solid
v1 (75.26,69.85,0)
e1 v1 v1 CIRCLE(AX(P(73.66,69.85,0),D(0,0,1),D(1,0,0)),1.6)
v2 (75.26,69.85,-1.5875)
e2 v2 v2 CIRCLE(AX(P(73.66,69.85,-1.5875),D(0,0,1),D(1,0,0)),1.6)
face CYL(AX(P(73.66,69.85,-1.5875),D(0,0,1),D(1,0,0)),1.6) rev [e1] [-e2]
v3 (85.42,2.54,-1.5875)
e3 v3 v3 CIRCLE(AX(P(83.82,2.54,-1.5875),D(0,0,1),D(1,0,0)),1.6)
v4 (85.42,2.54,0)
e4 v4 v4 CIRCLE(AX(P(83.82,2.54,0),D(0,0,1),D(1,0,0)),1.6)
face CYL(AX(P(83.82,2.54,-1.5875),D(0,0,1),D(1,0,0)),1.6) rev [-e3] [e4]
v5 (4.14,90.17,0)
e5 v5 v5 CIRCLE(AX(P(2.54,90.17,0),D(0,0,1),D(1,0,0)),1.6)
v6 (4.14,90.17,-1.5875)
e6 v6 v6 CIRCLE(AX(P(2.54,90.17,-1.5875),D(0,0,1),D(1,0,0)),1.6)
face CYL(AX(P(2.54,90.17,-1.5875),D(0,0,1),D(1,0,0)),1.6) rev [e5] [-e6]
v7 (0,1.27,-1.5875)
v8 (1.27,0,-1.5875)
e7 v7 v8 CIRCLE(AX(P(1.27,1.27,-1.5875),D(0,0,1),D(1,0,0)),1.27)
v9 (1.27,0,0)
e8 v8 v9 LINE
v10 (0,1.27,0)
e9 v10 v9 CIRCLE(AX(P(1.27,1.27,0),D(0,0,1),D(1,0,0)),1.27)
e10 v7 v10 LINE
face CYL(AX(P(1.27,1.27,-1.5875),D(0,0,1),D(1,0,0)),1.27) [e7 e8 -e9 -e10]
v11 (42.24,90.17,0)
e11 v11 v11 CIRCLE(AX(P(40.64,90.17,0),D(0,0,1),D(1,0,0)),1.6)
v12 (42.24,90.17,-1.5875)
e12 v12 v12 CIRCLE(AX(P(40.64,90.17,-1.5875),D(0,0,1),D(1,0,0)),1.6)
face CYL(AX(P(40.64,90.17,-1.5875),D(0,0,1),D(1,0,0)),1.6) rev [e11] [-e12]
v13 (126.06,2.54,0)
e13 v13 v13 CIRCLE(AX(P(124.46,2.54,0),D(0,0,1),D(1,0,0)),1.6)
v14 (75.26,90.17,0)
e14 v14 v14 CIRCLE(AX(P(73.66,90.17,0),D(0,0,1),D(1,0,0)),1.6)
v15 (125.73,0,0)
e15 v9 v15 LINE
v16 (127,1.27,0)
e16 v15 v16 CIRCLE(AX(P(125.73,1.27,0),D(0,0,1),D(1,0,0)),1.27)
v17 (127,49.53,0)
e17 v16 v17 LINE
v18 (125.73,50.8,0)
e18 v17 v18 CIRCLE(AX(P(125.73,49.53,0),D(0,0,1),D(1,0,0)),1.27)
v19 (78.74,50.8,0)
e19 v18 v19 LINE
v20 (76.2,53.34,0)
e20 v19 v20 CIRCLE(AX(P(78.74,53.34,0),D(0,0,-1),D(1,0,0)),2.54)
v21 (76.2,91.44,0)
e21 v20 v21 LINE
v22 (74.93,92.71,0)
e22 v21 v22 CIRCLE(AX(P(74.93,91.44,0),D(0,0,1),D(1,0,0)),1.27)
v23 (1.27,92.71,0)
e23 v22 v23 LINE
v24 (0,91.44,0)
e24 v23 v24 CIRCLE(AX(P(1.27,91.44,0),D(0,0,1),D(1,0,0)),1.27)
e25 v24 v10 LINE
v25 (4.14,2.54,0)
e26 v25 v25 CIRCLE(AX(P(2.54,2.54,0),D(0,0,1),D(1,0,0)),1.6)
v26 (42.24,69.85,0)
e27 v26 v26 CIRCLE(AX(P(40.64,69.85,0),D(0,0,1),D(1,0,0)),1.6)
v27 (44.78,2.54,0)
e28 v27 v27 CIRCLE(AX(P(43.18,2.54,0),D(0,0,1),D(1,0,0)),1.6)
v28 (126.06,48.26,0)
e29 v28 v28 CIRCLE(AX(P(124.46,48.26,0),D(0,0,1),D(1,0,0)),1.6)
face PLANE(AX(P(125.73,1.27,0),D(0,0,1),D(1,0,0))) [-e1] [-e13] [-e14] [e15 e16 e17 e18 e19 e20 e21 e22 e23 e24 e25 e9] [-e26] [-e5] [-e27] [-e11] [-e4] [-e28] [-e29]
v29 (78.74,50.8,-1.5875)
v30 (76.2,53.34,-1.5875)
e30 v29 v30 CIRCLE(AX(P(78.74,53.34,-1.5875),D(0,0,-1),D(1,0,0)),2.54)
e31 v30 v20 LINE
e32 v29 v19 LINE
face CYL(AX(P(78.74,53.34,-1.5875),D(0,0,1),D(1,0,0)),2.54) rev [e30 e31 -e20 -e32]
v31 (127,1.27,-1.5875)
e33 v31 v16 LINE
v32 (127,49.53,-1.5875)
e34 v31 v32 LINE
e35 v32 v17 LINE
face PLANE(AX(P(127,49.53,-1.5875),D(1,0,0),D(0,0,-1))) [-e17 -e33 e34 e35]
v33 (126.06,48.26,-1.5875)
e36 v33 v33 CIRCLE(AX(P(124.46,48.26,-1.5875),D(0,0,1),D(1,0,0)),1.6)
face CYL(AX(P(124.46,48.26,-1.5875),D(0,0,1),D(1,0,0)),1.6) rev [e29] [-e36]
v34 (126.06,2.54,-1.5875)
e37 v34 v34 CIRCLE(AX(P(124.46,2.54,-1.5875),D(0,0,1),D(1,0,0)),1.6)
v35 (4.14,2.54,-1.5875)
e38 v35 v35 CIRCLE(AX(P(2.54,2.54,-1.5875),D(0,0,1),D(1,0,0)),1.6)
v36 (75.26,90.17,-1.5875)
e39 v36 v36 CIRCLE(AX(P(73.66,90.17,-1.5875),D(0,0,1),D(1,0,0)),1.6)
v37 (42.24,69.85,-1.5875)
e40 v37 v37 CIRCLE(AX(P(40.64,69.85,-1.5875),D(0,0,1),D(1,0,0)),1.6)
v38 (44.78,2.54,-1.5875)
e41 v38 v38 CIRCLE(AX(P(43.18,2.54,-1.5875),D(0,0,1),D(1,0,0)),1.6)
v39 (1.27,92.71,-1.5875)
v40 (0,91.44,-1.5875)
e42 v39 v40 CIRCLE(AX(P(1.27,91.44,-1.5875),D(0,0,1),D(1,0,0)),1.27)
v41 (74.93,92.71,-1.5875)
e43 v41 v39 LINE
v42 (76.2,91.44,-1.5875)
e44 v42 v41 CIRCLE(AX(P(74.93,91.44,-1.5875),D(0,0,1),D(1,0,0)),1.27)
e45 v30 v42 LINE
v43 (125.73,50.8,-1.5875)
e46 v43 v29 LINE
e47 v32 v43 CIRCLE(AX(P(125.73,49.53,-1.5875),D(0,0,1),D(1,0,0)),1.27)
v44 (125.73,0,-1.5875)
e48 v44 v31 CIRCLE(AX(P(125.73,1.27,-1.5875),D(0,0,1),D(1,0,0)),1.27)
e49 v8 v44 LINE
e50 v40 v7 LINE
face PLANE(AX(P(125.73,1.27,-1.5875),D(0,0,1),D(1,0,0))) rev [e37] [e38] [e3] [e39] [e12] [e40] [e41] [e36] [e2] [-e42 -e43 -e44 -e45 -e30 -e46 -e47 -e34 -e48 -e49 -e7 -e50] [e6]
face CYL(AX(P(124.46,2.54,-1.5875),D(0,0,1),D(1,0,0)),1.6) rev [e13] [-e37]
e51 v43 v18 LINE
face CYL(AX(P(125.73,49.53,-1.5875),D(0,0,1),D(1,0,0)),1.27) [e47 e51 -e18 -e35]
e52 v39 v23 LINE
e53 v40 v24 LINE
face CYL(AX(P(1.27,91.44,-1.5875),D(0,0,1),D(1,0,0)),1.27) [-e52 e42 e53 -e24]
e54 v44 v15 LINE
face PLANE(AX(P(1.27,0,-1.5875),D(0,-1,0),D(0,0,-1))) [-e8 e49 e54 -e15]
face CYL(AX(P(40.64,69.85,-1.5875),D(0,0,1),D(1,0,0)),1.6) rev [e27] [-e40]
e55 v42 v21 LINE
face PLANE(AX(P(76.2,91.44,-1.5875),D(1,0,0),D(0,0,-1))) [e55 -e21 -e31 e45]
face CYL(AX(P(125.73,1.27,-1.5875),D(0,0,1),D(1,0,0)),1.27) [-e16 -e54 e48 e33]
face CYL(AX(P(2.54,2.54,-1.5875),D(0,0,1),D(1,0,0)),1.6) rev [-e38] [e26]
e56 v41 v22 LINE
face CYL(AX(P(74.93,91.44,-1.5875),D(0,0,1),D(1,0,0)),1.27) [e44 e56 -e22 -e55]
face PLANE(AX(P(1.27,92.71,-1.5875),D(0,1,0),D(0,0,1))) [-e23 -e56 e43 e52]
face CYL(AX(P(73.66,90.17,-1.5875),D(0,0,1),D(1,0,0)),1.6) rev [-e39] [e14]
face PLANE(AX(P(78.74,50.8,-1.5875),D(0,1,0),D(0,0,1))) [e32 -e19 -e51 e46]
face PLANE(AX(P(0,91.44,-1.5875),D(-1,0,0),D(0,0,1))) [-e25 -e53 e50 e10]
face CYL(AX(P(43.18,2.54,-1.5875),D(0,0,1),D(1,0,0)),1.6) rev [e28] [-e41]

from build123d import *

# Parameters (mm, degrees)
MODEL_R             = 1.6
BOSS_EXTRUDE1_DEPTH = 1.5875


with BuildPart() as part:
    # Model → Boss-Extrude1 (new body)
    with BuildSketch(Plane.XY):
        with BuildLine():
            Line((127, 49.53), (127, 1.27))
            ThreePointArc((127, 1.27), (126.628025612, 0.371974388), (125.73, 0))
            Line((125.73, 0), (1.27, 0))
            ThreePointArc((1.27, 0), (0.371974388, 0.371974388), (0, 1.27))
            Line((0, 1.27), (0, 91.44))
            ThreePointArc((0, 91.44), (0.371974388, 92.338025612), (1.27, 92.71))
            Line((1.27, 92.71), (74.93, 92.71))
            ThreePointArc((74.93, 92.71), (75.828025612, 92.338025612), (76.2, 91.44))
            Line((76.2, 91.44), (76.2, 53.34))
            ThreePointArc((76.2, 53.34), (76.943948776, 51.543948776), (78.74, 50.8))
            Line((78.74, 50.8), (125.73, 50.8))
            ThreePointArc((125.73, 50.8), (126.628025612, 50.428025612), (127, 49.53))
        make_face()
        with Locations((2.54, 2.54)):
            Circle(MODEL_R, mode=Mode.SUBTRACT)
        with Locations((124.46, 2.54)):
            Circle(MODEL_R, mode=Mode.SUBTRACT)
        with Locations((2.54, 90.17)):
            Circle(MODEL_R, mode=Mode.SUBTRACT)
        with Locations((43.18, 2.54)):
            Circle(MODEL_R, mode=Mode.SUBTRACT)
        with Locations((83.82, 2.54)):
            Circle(MODEL_R, mode=Mode.SUBTRACT)
        with Locations((124.46, 48.26)):
            Circle(MODEL_R, mode=Mode.SUBTRACT)
        with Locations((73.66, 69.85)):
            Circle(MODEL_R, mode=Mode.SUBTRACT)
        with Locations((40.64, 69.85)):
            Circle(MODEL_R, mode=Mode.SUBTRACT)
        with Locations((40.64, 90.17)):
            Circle(MODEL_R, mode=Mode.SUBTRACT)
        with Locations((73.66, 90.17)):
            Circle(MODEL_R, mode=Mode.SUBTRACT)
    extrude(amount=-BOSS_EXTRUDE1_DEPTH)


solid = part.part
